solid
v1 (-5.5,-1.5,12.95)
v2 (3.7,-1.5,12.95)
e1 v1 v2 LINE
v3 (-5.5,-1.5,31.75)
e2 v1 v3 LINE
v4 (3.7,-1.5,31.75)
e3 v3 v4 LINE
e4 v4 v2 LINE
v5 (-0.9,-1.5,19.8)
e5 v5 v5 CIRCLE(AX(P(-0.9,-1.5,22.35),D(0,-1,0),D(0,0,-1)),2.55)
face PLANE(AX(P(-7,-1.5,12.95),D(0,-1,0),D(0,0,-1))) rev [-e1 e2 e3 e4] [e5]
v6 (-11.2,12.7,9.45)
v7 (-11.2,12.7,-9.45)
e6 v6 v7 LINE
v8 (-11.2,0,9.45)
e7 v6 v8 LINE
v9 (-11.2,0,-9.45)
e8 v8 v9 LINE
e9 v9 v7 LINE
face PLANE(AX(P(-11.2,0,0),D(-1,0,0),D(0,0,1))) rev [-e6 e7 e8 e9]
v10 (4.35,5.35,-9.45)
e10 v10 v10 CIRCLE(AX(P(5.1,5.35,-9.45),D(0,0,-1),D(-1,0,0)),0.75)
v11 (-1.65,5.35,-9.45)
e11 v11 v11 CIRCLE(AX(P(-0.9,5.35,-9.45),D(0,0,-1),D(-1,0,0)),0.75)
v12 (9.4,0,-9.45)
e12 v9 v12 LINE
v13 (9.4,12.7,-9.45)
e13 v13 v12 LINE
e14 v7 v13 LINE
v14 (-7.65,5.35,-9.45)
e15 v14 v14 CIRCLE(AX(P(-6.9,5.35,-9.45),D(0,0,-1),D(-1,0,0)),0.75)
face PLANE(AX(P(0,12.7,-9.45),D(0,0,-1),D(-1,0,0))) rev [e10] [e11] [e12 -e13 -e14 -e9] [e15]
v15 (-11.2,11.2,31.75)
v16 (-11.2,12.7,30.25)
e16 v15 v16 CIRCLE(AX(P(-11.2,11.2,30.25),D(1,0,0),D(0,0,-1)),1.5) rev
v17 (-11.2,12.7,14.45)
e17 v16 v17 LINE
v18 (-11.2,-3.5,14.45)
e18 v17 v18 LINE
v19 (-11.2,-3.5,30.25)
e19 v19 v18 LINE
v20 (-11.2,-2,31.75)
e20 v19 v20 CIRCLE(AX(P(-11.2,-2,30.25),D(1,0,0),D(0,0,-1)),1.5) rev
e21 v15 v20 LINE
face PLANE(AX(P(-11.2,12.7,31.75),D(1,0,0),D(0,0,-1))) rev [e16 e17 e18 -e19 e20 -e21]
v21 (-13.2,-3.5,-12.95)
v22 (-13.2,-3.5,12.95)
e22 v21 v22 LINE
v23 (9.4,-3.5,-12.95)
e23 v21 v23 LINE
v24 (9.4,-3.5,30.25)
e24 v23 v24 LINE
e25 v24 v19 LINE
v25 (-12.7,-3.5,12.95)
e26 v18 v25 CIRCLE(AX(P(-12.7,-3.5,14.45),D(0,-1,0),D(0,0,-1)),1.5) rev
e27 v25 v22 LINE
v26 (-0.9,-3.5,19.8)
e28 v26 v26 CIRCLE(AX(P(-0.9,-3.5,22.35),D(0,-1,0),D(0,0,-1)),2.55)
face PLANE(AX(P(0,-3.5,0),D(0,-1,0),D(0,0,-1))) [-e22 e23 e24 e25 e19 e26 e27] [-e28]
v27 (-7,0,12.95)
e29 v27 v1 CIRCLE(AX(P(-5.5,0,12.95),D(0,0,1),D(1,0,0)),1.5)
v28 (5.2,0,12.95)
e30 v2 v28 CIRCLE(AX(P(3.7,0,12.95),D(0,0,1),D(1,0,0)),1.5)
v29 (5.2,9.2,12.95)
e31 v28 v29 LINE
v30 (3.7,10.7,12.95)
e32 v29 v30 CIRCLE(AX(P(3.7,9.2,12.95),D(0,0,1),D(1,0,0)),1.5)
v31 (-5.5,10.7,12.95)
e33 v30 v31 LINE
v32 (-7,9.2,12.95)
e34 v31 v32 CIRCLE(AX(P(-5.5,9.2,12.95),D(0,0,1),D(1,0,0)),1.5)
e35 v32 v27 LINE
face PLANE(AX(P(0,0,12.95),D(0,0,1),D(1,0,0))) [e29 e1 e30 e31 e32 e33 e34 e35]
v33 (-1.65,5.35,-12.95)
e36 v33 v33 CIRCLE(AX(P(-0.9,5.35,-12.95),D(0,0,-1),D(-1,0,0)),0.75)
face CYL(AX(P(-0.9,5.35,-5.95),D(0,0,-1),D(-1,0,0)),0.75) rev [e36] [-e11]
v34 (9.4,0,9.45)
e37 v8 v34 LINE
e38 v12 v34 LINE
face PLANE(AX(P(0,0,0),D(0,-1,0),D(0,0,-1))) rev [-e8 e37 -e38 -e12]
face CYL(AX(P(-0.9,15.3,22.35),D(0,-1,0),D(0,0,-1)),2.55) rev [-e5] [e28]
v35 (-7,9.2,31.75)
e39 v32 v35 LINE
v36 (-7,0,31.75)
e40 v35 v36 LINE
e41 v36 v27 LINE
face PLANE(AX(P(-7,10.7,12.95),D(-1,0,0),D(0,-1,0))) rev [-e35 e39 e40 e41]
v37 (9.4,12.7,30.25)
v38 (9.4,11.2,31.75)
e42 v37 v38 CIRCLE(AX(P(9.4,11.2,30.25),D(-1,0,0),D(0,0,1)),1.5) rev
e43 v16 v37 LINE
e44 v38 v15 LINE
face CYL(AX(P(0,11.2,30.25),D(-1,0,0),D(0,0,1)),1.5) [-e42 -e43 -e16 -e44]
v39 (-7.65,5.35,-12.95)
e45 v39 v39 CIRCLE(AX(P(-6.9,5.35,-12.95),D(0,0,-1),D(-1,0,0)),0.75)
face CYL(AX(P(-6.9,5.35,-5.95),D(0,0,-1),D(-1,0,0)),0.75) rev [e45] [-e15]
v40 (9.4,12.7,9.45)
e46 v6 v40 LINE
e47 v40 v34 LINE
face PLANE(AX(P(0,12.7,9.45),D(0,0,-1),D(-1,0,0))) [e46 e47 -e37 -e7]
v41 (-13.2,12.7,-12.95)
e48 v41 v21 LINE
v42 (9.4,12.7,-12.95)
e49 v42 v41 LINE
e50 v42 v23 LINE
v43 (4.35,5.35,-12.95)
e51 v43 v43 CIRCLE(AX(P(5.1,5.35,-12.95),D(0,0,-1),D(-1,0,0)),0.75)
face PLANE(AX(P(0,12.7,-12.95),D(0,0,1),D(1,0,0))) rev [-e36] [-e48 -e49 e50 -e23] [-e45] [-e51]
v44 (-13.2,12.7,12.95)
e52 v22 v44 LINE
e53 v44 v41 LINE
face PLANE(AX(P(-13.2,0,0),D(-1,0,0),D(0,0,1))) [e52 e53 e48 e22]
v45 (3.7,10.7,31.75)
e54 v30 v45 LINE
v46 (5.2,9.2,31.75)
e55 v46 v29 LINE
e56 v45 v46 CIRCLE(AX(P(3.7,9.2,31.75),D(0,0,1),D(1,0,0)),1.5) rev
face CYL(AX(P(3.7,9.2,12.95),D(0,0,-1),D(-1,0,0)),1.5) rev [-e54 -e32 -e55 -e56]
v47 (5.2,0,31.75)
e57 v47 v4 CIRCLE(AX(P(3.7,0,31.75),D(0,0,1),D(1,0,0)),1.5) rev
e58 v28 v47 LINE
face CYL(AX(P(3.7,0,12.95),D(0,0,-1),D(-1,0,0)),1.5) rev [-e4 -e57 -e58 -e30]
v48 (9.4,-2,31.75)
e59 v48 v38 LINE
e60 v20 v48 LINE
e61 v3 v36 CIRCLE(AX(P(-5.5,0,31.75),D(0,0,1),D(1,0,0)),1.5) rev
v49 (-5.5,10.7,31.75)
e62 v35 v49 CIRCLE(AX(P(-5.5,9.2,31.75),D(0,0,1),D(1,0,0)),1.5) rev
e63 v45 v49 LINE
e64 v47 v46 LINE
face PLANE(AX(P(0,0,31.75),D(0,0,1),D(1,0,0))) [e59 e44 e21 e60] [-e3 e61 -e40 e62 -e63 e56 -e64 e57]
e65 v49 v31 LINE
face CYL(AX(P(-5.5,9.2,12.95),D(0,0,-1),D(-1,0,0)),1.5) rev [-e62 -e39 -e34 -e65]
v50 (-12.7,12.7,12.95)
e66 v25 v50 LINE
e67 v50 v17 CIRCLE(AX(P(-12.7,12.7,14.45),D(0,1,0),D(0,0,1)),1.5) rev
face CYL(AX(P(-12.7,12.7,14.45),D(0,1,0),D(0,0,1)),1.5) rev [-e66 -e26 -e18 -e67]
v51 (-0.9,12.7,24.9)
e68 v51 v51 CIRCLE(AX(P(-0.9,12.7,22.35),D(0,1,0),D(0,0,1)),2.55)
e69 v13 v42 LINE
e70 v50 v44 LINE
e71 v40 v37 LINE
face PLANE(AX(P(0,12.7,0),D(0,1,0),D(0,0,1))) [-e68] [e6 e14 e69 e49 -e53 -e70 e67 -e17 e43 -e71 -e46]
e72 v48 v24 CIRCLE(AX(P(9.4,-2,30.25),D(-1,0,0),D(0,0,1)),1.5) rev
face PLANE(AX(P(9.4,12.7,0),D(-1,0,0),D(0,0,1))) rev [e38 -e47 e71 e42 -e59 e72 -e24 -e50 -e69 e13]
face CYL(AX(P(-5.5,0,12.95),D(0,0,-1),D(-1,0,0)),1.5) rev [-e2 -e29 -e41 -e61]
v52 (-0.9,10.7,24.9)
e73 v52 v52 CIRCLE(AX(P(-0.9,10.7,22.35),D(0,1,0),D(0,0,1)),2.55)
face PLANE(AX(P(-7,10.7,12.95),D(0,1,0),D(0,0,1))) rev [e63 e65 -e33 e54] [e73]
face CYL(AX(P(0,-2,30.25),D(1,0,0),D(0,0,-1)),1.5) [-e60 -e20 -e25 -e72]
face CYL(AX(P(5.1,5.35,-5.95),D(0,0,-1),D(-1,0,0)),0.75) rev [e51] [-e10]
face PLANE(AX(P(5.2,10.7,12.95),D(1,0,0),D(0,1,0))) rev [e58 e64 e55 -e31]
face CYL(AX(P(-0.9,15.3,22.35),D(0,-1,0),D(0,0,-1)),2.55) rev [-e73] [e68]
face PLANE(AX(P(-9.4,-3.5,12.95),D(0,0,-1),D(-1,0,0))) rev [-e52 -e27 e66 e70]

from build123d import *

# Parameters (mm, degrees)
SKETCH_1_W          = 18.8
SKETCH_1_H          = 3.5
EXTRUDE_1_DEPTH     = 12.7
EXTRUDE_1_2_DEPTH   = 12.7
SKETCH_2_W          = 18.8
SKETCH_2_H          = 25.9
EXTRUDE_2_DEPTH     = 3.5
EXTRUDE_3_DEPTH     = 1.8
SKETCH_4_W          = 25.9
SKETCH_4_H          = 16.2
EXTRUDE_4_DEPTH     = 2
SKETCH_5_W          = 20.6
SKETCH_5_H          = 16.2
EXTRUDE_5_DEPTH     = 18.8
SKETCH_6_W          = 12.2
SKETCH_6_H          = 12.2
CUT_EXTRUDE_1_DEPTH = 18.8
FILLET_1_R          = 1.5
SKETCH_7_R          = 2.55
CUT_EXTRUDE_2_DEPTH = 18.8
SKETCH_9_R          = 0.75
CUT_EXTRUDE_3_DEPTH = 7


with BuildPart() as part:
    # Эскиз1 → Бобышка-Вытянуть1 (new body)
    with BuildSketch(Plane(origin=(0, 0, 0), x_dir=(1, 0, 0), z_dir=(0, 1, 0))):
        with Locations((0, 11.2)):
            Rectangle(SKETCH_1_W, SKETCH_1_H)
    extrude(amount=EXTRUDE_1_DEPTH)



with BuildPart() as body_2:
    # Эскиз1 → Extrude 1 2 (new body)
    with BuildSketch(Plane(origin=(0, 0, 0), x_dir=(1, 0, 0), z_dir=(0, 1, 0))):
        with Locations((0, -11.2)):
            Rectangle(SKETCH_1_W, SKETCH_1_H)
    extrude(amount=EXTRUDE_1_2_DEPTH)


with BuildPart() as part_1:
    add(part.part)

    add(body_2.part)  # Бобышка-Вытянуть2 merges body 2
    # Эскиз2 → Бобышка-Вытянуть2 (add)
    with BuildSketch(Plane.XZ):
        Rectangle(SKETCH_2_W, SKETCH_2_H)
    extrude(amount=EXTRUDE_2_DEPTH)

    # Эскиз3 → Бобышка-Вытянуть3 (add)
    with BuildSketch(Plane.ZY.offset(9.4)):
        Polygon((-12.95, 12.7), (-12.95, -3.5), (12.95, -3.5), (12.95, 12.7), (9.45, 12.7), (9.45, 0), (-9.45, 0), (-9.45, 12.7), align=None)
    extrude(amount=EXTRUDE_3_DEPTH)

    # Эскиз4 → Бобышка-Вытянуть4 (add)
    with BuildSketch(Plane.ZY.offset(11.2)):
        with Locations((0, 4.6)):
            Rectangle(SKETCH_4_W, SKETCH_4_H)
    extrude(amount=EXTRUDE_4_DEPTH)

    # Эскиз5 → Бобышка-Вытянуть5 (add)
    with BuildSketch(Plane.XY.offset(12.95)):
        with Locations((-0.9, 4.6)):
            Rectangle(SKETCH_5_W, SKETCH_5_H)
    extrude(amount=EXTRUDE_5_DEPTH)

    # Эскиз6 → Вырез-Вытянуть1 (cut)
    with BuildSketch(Plane.XY.offset(31.75)):
        with Locations((-0.9, 4.6)):
            Rectangle(SKETCH_6_W, SKETCH_6_H)
    extrude(amount=-CUT_EXTRUDE_1_DEPTH, mode=Mode.SUBTRACT)

    # Скругление1
    fillet_1_edges = [part_1.edges().sort_by_distance(p)[0] for p in [
        (-11.2, 4.6, 12.95),
        (-0.9, -3.5, 31.75),
        (-0.9, 12.7, 31.75),
        (5.2, 10.7, 22.35),
        (5.2, -1.5, 22.35),
        (-7, -1.5, 22.35),
        (-7, 10.7, 22.35),
    ]]
    fillet(fillet_1_edges, radius=FILLET_1_R)

    # Эскиз7 → Вырез-Вытянуть2 (cut)
    with BuildSketch(Plane.XZ.offset(3.5)):
        with Locations(Location((-0.9, 22.35, 0), (0, 0, 90))):
            Circle(SKETCH_7_R)
    extrude(amount=-CUT_EXTRUDE_2_DEPTH, mode=Mode.SUBTRACT)

    # Эскиз9 → Вырез-Вытянуть3 (cut)
    with BuildSketch(Plane(origin=(0, 0, -12.95), x_dir=(-1, 0, 0), z_dir=(0, 0, -1))):
        with Locations((0.9, 5.35)):
            Circle(SKETCH_9_R)
        with Locations((6.9, 5.35)):
            Circle(SKETCH_9_R)
        with Locations((-5.1, 5.35)):
            Circle(SKETCH_9_R)
    extrude(amount=-CUT_EXTRUDE_3_DEPTH, mode=Mode.SUBTRACT)


solid = part_1.part
